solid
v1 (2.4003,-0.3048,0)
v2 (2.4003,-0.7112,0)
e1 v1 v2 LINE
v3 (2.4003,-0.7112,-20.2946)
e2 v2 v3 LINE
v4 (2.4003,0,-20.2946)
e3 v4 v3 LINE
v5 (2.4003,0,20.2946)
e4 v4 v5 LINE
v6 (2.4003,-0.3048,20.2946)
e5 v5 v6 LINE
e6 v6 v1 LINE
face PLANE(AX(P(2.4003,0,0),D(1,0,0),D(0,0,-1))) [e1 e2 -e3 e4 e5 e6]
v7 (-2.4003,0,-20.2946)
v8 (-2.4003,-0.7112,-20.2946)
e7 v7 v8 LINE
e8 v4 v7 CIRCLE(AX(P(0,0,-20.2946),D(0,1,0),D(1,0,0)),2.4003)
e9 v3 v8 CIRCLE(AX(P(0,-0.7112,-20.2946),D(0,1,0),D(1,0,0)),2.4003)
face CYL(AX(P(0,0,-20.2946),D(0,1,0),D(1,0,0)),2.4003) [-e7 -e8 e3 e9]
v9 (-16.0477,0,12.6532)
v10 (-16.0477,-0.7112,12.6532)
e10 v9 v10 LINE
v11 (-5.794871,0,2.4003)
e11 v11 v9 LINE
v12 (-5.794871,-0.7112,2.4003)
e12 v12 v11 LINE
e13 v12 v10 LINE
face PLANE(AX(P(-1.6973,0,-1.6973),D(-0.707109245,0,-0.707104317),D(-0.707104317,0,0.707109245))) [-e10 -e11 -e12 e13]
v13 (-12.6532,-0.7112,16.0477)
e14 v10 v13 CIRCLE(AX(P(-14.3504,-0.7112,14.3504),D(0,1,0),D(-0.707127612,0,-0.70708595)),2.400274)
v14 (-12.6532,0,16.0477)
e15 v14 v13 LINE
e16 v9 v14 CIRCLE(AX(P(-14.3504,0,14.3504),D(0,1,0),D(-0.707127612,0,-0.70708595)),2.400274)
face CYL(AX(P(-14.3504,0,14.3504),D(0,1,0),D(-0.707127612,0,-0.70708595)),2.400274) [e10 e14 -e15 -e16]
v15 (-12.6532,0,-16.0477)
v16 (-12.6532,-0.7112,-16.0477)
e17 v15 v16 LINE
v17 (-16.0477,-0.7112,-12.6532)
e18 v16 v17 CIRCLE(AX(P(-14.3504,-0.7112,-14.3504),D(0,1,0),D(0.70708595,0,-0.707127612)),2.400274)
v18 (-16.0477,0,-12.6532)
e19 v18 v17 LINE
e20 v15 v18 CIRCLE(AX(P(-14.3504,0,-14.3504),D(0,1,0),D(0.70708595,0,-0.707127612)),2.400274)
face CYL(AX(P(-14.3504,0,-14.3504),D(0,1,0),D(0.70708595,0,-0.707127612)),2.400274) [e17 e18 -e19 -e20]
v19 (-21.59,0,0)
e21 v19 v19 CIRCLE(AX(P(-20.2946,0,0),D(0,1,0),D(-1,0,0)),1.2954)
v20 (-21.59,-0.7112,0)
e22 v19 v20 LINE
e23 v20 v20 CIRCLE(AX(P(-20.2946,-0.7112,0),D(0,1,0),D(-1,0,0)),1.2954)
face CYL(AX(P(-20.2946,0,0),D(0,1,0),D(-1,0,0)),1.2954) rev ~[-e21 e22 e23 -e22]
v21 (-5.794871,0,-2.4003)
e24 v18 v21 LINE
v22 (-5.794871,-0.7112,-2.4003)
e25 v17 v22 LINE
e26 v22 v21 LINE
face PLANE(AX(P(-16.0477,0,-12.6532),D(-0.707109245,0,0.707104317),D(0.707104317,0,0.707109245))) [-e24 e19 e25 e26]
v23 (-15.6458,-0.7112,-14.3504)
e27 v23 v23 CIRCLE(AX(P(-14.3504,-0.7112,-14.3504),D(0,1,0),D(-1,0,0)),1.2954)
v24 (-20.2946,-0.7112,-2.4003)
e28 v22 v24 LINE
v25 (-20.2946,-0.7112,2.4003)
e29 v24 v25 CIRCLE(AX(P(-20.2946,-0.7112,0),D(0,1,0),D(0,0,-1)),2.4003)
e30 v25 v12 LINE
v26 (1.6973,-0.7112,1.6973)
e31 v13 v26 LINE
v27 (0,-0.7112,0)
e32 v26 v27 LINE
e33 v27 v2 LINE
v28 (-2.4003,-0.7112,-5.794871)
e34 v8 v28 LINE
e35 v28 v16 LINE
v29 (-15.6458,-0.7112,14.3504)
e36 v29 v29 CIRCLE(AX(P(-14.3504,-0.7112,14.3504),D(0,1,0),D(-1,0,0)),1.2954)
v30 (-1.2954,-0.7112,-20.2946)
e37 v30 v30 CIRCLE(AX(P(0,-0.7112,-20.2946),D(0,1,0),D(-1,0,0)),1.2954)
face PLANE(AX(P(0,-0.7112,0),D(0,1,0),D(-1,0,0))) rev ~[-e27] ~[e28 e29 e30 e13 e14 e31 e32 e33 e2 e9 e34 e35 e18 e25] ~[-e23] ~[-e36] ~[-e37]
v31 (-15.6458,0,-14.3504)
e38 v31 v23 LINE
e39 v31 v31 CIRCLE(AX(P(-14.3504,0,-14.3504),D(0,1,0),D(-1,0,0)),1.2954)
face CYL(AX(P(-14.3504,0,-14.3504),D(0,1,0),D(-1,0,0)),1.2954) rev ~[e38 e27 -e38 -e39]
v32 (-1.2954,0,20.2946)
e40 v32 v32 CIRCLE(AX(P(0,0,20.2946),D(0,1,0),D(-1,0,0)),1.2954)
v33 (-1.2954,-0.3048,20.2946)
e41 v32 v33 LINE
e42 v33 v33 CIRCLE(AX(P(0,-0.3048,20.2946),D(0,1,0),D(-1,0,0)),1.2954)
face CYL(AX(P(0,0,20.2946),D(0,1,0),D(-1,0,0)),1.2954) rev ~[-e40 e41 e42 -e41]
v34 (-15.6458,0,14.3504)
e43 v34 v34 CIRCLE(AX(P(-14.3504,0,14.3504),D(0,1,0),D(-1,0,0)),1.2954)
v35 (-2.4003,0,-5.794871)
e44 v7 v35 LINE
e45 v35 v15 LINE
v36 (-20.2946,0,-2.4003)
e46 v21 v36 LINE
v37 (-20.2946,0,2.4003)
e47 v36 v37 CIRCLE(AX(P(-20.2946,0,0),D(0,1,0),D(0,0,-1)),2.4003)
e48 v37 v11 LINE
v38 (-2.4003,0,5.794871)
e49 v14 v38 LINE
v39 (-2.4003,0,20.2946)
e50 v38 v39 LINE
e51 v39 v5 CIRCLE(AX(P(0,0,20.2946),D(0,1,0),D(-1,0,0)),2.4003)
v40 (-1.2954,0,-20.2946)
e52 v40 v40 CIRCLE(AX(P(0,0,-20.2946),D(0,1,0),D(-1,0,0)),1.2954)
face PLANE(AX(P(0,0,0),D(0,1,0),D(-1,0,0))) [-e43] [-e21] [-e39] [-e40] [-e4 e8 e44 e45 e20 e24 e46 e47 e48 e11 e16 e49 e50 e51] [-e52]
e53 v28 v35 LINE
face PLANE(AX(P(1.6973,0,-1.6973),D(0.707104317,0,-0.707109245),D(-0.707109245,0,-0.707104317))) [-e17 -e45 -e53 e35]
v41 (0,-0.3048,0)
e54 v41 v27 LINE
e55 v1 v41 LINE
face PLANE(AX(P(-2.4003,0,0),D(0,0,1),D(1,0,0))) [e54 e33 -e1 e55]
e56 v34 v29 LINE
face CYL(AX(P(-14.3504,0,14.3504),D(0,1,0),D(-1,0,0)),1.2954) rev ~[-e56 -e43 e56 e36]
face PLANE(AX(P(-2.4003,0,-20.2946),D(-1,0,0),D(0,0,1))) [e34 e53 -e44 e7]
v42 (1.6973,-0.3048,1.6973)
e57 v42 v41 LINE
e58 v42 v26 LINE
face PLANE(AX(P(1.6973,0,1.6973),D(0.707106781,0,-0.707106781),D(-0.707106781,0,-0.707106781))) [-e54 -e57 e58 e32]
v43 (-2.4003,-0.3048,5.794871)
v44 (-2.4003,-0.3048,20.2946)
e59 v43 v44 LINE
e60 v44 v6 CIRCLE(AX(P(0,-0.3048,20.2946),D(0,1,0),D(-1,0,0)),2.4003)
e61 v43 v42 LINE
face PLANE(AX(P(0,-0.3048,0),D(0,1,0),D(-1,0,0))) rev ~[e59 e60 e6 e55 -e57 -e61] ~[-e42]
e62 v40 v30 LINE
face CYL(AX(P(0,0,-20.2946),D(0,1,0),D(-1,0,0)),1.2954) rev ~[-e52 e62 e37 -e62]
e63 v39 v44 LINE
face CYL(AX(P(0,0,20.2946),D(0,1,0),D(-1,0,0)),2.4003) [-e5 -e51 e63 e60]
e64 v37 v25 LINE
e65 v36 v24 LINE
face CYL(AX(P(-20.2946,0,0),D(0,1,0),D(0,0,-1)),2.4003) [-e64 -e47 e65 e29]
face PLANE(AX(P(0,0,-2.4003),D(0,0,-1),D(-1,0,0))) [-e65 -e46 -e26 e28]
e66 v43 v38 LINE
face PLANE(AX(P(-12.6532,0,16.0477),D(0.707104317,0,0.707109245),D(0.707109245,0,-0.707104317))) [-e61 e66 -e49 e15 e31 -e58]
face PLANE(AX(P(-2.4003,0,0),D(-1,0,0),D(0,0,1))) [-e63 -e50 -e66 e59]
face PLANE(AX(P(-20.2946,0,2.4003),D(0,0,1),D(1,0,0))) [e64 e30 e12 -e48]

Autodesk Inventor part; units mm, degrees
sketch "Sketch_1" plane through (0, 0, 0) normal (0, 1, 0) x (-1, 0, 0)
  arc A0 (2.4003, 20.2946) -> (-2.4003, 20.2946) centre (0, 20.2946) ccw
  line L0 (-2.4003, 20.2946) -> (-2.4003, 0)
  line L1 (-2.4003, 0) -> (2.4003, 0)
  line L2 (2.4003, 0) -> (2.4003, 20.2946)
  circle A1 centre (0, 20.2946) radius 1.2954
extrude "Extrusion1" add sketch "Sketch_1" against normal blind 0.3048
sketch "Sketch_2" plane through (0, 0, 0) normal (0, 1, 0) x (-1, 0, 0)
  arc A0 (16.0477, 12.6532) -> (12.6532, 16.0477) centre (14.3504, 14.3504) ccw
  line L0 (12.6532, 16.0477) -> (-1.6973, 1.6973)
  line L1 (-1.6973, 1.6973) -> (1.6973, -1.6973)
  line L2 (1.6973, -1.6973) -> (16.0477, 12.6532)
  circle A1 centre (14.3504, 14.3504) radius 1.2954
extrude "Extrusion2" add sketch "Sketch_2" against normal blind 0.7112
sketch "Sketch_3" plane through (0, 0, 0) normal (0, 1, 0) x (-1, 0, 0)
  arc A0 (20.2946, -2.4003) -> (20.2946, 2.4003) centre (20.2946, 0) ccw
  line L0 (20.2946, 2.4003) -> (0, 2.4003)
  line L1 (0, 2.4003) -> (0, -2.4003)
  line L2 (0, -2.4003) -> (20.2946, -2.4003)
  circle A1 centre (20.2946, 0) radius 1.2954
extrude "Extrusion3" add sketch "Sketch_3" against normal blind 0.7112
sketch "Sketch_4" plane through (0, 0, 0) normal (0, 1, 0) x (-1, 0, 0)
  arc A0 (12.6532, -16.0477) -> (16.0477, -12.6532) centre (14.3504, -14.3504) ccw
  line L0 (16.0477, -12.6532) -> (1.6973, 1.6973)
  line L1 (1.6973, 1.6973) -> (-1.6973, -1.6973)
  line L2 (-1.6973, -1.6973) -> (12.6532, -16.0477)
  circle A1 centre (14.3504, -14.3504) radius 1.2954
extrude "Extrusion4" add sketch "Sketch_4" against normal blind 0.7112
sketch "Sketch_5" plane through (0, 0, 0) normal (0, 1, 0) x (-1, 0, 0)
  line L0 (2.4003, -20.2946) -> (2.4003, 0)
  line L1 (2.4003, 0) -> (-2.4003, 0)
  line L2 (-2.4003, 0) -> (-2.4003, -20.2946)
  arc A0 (-2.4003, -20.2946) -> (2.4003, -20.2946) centre (0, -20.2946) ccw
  circle A1 centre (0, -20.2946) radius 1.2954
extrude "Extrusion5" add sketch "Sketch_5" against normal blind 0.7112
ref_plane "to_body_XY" through (0, 0, 0) normal (0, -1, 0) x (1, 0, 0)
ref_plane "to_body_YZ" through (0, 0, 0) normal (1, 0, 0) x (0, 0, 1)
ref_plane "to_body_ZX" through (0, 0, 0) normal (0, 0, 1) x (0, -1, 0)
properties part number "HS13Z-trmnls"
